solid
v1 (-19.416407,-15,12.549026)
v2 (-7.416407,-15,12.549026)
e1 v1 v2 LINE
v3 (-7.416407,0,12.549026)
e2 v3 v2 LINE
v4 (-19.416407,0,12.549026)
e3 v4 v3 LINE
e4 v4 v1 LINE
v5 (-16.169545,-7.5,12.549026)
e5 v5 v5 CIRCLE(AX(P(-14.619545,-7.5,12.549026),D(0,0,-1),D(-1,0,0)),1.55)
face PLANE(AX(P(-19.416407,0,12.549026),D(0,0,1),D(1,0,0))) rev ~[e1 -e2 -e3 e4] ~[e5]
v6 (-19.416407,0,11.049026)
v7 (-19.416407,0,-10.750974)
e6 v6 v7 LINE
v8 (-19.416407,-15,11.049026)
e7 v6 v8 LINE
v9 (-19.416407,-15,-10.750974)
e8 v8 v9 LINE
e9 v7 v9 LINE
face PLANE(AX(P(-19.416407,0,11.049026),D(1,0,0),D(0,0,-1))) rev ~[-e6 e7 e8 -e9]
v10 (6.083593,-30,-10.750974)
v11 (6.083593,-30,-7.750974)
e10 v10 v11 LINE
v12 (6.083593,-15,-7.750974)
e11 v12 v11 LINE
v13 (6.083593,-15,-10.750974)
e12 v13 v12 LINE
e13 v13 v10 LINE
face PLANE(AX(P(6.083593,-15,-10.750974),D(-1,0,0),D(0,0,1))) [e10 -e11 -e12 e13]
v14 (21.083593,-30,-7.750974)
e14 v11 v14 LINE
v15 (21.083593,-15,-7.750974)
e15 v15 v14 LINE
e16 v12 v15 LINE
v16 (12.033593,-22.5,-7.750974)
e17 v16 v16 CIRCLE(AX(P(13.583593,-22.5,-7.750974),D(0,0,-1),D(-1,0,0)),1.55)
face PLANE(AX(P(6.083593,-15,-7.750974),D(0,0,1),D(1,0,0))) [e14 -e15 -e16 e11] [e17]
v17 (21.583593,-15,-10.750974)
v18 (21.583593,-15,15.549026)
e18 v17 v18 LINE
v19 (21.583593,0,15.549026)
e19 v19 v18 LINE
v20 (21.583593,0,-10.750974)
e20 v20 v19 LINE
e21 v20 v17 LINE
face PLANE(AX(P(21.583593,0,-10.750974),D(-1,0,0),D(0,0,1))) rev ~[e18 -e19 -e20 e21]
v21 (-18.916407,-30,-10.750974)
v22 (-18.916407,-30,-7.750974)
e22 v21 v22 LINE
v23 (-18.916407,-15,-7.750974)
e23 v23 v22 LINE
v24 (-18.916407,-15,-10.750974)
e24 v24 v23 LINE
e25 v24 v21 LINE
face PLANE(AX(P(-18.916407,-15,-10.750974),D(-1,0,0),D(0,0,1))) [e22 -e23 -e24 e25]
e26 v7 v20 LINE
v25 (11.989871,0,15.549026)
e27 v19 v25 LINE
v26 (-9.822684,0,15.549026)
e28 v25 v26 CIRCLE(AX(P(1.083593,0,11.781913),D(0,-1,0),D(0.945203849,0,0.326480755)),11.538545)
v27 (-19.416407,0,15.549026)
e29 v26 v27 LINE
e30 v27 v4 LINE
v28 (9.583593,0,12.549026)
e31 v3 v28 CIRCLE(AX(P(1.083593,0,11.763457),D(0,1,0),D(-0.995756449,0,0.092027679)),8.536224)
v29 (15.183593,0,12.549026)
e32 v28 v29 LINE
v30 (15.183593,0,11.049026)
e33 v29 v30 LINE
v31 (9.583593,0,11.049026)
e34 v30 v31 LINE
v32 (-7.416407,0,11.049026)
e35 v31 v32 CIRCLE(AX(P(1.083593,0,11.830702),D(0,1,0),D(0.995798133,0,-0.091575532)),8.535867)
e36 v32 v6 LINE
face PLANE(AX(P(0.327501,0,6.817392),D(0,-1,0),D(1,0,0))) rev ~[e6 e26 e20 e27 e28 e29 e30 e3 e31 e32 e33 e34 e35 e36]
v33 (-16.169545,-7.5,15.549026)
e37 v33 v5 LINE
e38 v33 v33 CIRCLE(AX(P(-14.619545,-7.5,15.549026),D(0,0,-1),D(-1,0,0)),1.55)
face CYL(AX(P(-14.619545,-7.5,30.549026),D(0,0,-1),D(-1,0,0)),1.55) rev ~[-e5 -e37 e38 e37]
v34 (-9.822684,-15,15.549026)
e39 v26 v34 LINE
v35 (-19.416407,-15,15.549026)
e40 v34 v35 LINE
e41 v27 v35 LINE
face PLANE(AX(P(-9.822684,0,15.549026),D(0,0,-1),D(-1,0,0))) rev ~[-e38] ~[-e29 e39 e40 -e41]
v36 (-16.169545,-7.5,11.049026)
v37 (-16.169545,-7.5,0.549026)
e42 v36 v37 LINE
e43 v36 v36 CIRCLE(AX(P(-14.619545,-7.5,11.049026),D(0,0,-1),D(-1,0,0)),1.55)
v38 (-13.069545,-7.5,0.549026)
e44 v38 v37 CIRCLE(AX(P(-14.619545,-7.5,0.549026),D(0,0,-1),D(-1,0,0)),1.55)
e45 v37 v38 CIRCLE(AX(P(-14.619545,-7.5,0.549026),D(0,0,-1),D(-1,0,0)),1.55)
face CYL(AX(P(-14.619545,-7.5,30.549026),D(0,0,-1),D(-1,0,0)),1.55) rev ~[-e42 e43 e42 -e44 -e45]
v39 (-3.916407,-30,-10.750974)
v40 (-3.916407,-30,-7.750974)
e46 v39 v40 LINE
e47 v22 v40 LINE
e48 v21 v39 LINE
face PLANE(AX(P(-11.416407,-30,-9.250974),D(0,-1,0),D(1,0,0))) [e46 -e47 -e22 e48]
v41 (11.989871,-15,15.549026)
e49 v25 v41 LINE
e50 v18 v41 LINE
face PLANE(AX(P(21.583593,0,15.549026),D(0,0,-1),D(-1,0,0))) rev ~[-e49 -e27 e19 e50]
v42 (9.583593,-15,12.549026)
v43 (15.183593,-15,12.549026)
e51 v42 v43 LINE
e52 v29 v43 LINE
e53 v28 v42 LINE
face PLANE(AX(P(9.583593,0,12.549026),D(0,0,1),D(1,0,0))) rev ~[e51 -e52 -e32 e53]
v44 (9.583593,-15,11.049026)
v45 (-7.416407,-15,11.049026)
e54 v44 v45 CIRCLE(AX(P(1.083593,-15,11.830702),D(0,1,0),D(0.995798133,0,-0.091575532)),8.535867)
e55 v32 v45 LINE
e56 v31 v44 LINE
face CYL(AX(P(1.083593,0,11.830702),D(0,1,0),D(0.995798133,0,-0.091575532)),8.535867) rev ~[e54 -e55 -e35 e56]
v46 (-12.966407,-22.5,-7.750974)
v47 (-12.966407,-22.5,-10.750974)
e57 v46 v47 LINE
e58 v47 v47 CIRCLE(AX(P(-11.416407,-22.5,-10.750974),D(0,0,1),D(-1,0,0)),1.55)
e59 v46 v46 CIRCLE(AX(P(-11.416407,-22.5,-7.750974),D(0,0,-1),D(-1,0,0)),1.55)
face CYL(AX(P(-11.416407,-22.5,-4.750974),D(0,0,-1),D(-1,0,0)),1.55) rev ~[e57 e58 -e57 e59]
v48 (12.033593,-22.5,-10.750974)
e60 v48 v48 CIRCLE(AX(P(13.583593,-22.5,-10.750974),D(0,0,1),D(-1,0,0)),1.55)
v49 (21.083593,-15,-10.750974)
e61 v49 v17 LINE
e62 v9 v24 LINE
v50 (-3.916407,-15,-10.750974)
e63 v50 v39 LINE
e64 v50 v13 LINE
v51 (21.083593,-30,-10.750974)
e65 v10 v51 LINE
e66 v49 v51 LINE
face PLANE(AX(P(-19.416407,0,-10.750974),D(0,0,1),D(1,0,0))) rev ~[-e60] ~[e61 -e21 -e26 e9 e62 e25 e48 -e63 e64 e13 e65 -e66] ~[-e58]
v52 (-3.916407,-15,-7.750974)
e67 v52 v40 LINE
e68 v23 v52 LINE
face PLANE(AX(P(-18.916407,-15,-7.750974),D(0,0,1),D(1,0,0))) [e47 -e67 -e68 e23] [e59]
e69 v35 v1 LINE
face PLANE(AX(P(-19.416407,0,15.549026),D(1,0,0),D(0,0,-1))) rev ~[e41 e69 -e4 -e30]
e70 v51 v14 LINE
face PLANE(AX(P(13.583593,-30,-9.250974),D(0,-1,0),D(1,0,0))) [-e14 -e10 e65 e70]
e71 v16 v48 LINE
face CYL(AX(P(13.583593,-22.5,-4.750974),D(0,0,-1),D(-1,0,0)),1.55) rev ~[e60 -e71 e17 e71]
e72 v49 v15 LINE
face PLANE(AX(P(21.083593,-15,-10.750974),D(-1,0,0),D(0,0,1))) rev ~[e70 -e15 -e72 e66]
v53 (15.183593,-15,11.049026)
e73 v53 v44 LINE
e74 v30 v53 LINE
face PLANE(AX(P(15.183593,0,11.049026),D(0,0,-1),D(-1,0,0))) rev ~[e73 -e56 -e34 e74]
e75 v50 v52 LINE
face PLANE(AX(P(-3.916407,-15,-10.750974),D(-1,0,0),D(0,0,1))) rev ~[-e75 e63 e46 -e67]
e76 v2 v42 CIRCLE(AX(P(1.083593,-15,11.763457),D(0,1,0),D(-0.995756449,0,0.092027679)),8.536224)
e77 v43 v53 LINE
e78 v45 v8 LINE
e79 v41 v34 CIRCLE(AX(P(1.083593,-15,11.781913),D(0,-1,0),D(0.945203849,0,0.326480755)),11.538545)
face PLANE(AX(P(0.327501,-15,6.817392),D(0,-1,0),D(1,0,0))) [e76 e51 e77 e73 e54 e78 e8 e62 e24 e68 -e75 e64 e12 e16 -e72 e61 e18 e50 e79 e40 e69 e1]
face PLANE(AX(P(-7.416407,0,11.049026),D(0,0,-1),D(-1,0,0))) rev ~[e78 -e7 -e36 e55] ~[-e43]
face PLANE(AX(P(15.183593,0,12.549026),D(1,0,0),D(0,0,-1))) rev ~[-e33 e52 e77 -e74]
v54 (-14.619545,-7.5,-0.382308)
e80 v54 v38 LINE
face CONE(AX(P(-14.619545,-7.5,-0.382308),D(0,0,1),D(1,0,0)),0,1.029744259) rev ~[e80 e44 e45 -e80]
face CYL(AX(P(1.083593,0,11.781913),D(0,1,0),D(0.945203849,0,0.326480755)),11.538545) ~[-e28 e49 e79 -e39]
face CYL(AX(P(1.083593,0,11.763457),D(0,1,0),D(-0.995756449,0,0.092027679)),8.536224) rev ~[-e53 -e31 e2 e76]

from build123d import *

# Parameters (mm, degrees)
F1_DEPTH       = 15
F3_D           = 3.1
F3_DEPTH       = 15
F3_TIP         = 0.9313339595
F4_W           = 15
F4_H           = 3
F5_DEPTH       = 15
F8_D           = 3.1
F8_DEPTH       = 3
F8_TIP         = 0.9313339595
F8_ON_F7_D     = 3.1
F8_ON_F7_DEPTH = 3
F8_ON_F7_TIP   = 0.9313339595


with BuildPart() as f1:
    # F0 (on Front) → F1 (new body)
    with BuildSketch(Plane.XZ):
        with BuildLine():
            Line((-7.4164065372, 11.0490259535), (-19.4164065372, 11.0490259535))
            Line((-19.4164065372, 11.0490259535), (-19.4164065372, 8.0490259535))
            Line((-19.4164065372, 8.0490259535), (-19.4164065372, -10.7509740465))
            Line((-19.4164065372, -10.7509740465), (21.5835934628, -10.7509740465))
            Line((21.5835934628, -10.7509740465), (21.5835934628, 8.0490259535))
            Line((21.5835934628, 8.0490259535), (21.5835934628, 15.5490259535))
            Line((21.5835934628, 15.5490259535), (11.9898709467, 15.5490259535))
            ThreePointArc((11.9898709467, 15.5490259535), (1.0835934628, 23.3204583115), (-9.8226840211, 15.5490259535))
            Line((-9.8226840211, 15.5490259535), (-19.4164065372, 15.5490259535))
            Line((-19.4164065372, 15.5490259535), (-19.4164065372, 12.5490259535))
            Line((-19.4164065372, 12.5490259535), (-7.4164065372, 12.5490259535))
            ThreePointArc((-7.4164065372, 12.5490259535), (1.0835934628, 20.29968098), (9.5835934628, 12.5490259535))
            Line((9.5835934628, 12.5490259535), (15.1835934628, 12.5490259535))
            Line((15.1835934628, 12.5490259535), (15.1835934628, 11.0490259535))
            Line((15.1835934628, 11.0490259535), (12.5835934628, 11.0490259535))
            Line((12.5835934628, 11.0490259535), (9.5835934628, 11.0490259535))
            ThreePointArc((9.5835934628, 11.0490259535), (1.0835934628, 3.294835898), (-7.4164065372, 11.0490259535))
        make_face()
    extrude(amount=F1_DEPTH)

    # F3
    with Locations(Plane.XY.offset(15.5490259535)):
        with Locations((-14.6195452792, -7.5)):
            Hole(F3_D / 2, depth=F3_DEPTH)
            with Locations((0, 0, -(F3_DEPTH + F3_TIP / 2))):  # 118° drill point
                Cone(0, F3_D / 2, F3_TIP, mode=Mode.SUBTRACT)

    # F4 (on face) → F5 (join)
    with BuildSketch(Plane.XZ.offset(15)):
        with Locations((13.5835934628, -9.2509740465)):
            Rectangle(F4_W, F4_H)
        with Locations((-11.4164065372, -9.2509740465)):
            Rectangle(F4_W, F4_H)
    extrude(amount=F5_DEPTH)

    # F8
    with Locations(Plane.XY.offset(-7.7509740465)):
        with Locations((-11.4164065372, -22.5)):
            Hole(F8_D / 2, depth=F8_DEPTH)
            with Locations((0, 0, -(F8_DEPTH + F8_TIP / 2))):  # 118° drill point
                Cone(0, F8_D / 2, F8_TIP, mode=Mode.SUBTRACT)

    # F8 on F7
    with Locations(Plane.XY.offset(-7.7509740465)):
        with Locations((13.5835934628, -22.5)):
            Hole(F8_ON_F7_D / 2, depth=F8_ON_F7_DEPTH)
            with Locations((0, 0, -(F8_ON_F7_DEPTH + F8_ON_F7_TIP / 2))):  # 118° drill point
                Cone(0, F8_ON_F7_D / 2, F8_ON_F7_TIP, mode=Mode.SUBTRACT)


solid = f1.part
